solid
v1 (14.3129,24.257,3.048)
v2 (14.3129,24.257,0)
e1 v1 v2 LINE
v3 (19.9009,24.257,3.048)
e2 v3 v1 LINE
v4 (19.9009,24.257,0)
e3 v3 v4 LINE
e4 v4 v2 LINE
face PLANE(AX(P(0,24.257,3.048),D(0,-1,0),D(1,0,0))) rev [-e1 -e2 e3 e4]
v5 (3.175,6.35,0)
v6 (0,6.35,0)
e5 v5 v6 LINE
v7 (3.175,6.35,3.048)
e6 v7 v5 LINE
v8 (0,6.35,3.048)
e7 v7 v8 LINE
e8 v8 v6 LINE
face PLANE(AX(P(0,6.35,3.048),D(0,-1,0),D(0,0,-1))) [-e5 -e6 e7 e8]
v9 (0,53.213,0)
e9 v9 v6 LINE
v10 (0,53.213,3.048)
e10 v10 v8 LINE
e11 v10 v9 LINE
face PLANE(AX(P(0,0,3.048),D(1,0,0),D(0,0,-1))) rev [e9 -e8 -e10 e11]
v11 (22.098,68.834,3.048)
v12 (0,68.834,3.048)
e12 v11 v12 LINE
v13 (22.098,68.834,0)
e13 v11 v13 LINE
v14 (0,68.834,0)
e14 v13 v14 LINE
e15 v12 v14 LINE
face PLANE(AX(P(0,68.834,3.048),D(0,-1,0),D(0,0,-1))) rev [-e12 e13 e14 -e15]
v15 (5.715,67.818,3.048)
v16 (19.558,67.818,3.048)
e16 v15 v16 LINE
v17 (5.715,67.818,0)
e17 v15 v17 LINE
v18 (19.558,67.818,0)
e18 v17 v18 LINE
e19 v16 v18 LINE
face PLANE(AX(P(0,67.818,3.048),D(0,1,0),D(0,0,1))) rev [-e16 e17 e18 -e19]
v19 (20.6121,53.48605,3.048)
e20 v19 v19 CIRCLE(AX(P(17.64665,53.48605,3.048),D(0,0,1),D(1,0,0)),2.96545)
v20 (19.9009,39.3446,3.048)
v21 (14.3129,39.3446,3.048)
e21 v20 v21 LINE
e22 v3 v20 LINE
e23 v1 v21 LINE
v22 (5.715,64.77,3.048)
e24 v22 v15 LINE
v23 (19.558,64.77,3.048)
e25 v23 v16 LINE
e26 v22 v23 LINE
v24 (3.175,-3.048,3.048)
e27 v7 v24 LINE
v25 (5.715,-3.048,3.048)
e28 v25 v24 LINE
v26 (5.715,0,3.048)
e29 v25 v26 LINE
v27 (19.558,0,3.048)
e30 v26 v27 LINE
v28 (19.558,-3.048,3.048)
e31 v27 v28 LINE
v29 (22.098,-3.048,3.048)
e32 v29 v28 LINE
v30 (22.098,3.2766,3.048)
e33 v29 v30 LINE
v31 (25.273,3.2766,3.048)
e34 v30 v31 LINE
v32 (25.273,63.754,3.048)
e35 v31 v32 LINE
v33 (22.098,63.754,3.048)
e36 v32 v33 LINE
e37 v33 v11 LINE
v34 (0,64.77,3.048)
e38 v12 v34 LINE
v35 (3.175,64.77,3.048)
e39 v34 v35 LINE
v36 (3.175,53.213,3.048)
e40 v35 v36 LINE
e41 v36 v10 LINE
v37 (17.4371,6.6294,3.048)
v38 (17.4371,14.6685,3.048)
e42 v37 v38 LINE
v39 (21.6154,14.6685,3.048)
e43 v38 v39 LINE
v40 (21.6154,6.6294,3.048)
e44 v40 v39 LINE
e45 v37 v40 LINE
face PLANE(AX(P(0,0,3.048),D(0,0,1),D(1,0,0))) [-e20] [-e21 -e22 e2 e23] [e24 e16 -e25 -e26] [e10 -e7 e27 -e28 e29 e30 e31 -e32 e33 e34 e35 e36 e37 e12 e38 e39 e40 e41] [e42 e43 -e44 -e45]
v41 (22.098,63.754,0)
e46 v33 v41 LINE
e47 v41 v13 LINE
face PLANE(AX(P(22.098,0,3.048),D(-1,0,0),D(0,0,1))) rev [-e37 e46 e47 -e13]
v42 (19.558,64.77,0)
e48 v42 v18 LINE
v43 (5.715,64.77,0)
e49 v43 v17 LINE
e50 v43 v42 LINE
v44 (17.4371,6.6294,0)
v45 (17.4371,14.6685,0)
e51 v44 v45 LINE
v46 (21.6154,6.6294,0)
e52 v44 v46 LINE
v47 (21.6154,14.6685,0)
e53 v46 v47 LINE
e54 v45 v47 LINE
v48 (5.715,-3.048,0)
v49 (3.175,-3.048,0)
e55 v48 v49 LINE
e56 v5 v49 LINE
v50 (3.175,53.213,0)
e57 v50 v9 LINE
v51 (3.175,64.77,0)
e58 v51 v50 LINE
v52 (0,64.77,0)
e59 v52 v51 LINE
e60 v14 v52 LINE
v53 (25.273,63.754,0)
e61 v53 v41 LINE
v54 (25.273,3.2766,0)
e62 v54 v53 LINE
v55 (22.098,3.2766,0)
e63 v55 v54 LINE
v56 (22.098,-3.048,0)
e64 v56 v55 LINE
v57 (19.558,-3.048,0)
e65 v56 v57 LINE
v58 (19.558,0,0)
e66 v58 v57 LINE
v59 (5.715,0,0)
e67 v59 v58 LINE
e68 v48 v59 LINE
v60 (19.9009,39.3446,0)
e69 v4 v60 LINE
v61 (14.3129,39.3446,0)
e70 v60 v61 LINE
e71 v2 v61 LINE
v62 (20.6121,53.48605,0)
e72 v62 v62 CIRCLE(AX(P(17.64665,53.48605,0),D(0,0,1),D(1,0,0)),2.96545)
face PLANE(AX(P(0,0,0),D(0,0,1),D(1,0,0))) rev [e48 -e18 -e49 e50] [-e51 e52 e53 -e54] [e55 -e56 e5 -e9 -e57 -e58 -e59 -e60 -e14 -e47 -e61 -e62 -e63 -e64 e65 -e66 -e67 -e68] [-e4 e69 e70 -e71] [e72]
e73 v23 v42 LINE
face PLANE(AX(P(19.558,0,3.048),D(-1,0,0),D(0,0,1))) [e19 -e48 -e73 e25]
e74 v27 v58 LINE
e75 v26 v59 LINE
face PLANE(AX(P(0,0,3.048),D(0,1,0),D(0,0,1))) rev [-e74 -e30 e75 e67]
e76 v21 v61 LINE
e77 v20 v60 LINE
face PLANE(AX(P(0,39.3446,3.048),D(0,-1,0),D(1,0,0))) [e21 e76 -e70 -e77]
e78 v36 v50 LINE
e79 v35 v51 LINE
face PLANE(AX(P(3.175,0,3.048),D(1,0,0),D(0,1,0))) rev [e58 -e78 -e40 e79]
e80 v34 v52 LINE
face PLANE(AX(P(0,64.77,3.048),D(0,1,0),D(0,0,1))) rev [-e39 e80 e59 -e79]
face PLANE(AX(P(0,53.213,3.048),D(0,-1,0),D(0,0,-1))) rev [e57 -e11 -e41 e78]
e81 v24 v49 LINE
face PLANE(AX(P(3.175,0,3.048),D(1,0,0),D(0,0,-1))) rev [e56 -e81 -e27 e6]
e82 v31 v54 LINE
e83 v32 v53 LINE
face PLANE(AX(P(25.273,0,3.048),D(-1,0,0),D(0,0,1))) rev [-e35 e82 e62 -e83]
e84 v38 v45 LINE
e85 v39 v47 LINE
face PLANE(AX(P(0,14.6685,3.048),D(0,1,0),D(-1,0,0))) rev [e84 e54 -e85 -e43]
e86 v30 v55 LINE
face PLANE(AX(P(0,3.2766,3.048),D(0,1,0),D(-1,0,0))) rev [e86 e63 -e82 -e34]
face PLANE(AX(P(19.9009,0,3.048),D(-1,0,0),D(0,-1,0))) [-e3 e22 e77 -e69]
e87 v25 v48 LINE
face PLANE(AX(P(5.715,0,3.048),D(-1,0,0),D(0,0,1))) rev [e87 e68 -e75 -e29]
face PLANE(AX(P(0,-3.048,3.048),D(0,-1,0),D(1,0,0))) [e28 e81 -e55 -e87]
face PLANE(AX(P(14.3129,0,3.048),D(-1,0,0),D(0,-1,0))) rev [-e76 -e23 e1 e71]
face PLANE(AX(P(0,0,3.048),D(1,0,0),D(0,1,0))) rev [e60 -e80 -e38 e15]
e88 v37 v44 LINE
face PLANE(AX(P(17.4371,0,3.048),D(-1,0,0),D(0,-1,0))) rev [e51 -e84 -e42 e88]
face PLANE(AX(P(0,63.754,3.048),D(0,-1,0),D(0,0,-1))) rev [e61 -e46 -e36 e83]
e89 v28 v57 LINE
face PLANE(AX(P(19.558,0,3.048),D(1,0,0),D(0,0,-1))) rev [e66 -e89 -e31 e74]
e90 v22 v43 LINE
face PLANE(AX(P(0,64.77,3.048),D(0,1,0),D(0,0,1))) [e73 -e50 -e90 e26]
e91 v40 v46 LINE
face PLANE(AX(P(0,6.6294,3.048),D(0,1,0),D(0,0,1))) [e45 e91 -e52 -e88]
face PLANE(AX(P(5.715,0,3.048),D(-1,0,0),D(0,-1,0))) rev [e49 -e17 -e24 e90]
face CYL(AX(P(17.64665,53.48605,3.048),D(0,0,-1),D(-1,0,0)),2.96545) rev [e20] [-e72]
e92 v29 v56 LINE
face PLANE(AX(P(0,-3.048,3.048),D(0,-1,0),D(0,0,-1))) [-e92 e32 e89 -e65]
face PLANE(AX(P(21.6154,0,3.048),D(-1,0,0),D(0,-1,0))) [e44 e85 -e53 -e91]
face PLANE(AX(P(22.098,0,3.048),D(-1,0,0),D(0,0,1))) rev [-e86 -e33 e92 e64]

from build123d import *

# Parameters (mm, degrees)
SKETCH1_W           = 4.1783
SKETCH1_H           = 8.0391
SKETCH1_W_2         = 5.588
SKETCH1_H_2         = 15.0876
SKETCH1_W_3         = 13.843
SKETCH1_H_3         = 3.048
SKETCH1_R           = 2.96545
BOSS_EXTRUDE1_DEPTH = 3.048


with BuildPart() as part:
    # Sketch1 → Boss-Extrude1 (new body)
    with BuildSketch(Plane.XY):
        Polygon((3.175, 64.77), (3.175, 53.213), (0, 53.213), (0, 6.35), (3.175, 6.35), (3.175, -3.048), (5.715, -3.048), (5.715, 0), (19.558, 0), (19.558, -3.048), (22.098, -3.048), (22.098, 3.2766), (25.273, 3.2766), (25.273, 63.754), (22.098, 63.754), (22.098, 68.834), (0, 68.834), (0, 64.77), align=None)
        with Locations((19.52625, 10.64895)):
            Rectangle(SKETCH1_W, SKETCH1_H, mode=Mode.SUBTRACT)
        with Locations((17.1069, 31.8008)):
            Rectangle(SKETCH1_W_2, SKETCH1_H_2, mode=Mode.SUBTRACT)
        with Locations((12.6365, 66.294)):
            Rectangle(SKETCH1_W_3, SKETCH1_H_3, mode=Mode.SUBTRACT)
        with Locations((17.64665, 53.48605)):
            Circle(SKETCH1_R, mode=Mode.SUBTRACT)
    extrude(amount=BOSS_EXTRUDE1_DEPTH)


solid = part.part
